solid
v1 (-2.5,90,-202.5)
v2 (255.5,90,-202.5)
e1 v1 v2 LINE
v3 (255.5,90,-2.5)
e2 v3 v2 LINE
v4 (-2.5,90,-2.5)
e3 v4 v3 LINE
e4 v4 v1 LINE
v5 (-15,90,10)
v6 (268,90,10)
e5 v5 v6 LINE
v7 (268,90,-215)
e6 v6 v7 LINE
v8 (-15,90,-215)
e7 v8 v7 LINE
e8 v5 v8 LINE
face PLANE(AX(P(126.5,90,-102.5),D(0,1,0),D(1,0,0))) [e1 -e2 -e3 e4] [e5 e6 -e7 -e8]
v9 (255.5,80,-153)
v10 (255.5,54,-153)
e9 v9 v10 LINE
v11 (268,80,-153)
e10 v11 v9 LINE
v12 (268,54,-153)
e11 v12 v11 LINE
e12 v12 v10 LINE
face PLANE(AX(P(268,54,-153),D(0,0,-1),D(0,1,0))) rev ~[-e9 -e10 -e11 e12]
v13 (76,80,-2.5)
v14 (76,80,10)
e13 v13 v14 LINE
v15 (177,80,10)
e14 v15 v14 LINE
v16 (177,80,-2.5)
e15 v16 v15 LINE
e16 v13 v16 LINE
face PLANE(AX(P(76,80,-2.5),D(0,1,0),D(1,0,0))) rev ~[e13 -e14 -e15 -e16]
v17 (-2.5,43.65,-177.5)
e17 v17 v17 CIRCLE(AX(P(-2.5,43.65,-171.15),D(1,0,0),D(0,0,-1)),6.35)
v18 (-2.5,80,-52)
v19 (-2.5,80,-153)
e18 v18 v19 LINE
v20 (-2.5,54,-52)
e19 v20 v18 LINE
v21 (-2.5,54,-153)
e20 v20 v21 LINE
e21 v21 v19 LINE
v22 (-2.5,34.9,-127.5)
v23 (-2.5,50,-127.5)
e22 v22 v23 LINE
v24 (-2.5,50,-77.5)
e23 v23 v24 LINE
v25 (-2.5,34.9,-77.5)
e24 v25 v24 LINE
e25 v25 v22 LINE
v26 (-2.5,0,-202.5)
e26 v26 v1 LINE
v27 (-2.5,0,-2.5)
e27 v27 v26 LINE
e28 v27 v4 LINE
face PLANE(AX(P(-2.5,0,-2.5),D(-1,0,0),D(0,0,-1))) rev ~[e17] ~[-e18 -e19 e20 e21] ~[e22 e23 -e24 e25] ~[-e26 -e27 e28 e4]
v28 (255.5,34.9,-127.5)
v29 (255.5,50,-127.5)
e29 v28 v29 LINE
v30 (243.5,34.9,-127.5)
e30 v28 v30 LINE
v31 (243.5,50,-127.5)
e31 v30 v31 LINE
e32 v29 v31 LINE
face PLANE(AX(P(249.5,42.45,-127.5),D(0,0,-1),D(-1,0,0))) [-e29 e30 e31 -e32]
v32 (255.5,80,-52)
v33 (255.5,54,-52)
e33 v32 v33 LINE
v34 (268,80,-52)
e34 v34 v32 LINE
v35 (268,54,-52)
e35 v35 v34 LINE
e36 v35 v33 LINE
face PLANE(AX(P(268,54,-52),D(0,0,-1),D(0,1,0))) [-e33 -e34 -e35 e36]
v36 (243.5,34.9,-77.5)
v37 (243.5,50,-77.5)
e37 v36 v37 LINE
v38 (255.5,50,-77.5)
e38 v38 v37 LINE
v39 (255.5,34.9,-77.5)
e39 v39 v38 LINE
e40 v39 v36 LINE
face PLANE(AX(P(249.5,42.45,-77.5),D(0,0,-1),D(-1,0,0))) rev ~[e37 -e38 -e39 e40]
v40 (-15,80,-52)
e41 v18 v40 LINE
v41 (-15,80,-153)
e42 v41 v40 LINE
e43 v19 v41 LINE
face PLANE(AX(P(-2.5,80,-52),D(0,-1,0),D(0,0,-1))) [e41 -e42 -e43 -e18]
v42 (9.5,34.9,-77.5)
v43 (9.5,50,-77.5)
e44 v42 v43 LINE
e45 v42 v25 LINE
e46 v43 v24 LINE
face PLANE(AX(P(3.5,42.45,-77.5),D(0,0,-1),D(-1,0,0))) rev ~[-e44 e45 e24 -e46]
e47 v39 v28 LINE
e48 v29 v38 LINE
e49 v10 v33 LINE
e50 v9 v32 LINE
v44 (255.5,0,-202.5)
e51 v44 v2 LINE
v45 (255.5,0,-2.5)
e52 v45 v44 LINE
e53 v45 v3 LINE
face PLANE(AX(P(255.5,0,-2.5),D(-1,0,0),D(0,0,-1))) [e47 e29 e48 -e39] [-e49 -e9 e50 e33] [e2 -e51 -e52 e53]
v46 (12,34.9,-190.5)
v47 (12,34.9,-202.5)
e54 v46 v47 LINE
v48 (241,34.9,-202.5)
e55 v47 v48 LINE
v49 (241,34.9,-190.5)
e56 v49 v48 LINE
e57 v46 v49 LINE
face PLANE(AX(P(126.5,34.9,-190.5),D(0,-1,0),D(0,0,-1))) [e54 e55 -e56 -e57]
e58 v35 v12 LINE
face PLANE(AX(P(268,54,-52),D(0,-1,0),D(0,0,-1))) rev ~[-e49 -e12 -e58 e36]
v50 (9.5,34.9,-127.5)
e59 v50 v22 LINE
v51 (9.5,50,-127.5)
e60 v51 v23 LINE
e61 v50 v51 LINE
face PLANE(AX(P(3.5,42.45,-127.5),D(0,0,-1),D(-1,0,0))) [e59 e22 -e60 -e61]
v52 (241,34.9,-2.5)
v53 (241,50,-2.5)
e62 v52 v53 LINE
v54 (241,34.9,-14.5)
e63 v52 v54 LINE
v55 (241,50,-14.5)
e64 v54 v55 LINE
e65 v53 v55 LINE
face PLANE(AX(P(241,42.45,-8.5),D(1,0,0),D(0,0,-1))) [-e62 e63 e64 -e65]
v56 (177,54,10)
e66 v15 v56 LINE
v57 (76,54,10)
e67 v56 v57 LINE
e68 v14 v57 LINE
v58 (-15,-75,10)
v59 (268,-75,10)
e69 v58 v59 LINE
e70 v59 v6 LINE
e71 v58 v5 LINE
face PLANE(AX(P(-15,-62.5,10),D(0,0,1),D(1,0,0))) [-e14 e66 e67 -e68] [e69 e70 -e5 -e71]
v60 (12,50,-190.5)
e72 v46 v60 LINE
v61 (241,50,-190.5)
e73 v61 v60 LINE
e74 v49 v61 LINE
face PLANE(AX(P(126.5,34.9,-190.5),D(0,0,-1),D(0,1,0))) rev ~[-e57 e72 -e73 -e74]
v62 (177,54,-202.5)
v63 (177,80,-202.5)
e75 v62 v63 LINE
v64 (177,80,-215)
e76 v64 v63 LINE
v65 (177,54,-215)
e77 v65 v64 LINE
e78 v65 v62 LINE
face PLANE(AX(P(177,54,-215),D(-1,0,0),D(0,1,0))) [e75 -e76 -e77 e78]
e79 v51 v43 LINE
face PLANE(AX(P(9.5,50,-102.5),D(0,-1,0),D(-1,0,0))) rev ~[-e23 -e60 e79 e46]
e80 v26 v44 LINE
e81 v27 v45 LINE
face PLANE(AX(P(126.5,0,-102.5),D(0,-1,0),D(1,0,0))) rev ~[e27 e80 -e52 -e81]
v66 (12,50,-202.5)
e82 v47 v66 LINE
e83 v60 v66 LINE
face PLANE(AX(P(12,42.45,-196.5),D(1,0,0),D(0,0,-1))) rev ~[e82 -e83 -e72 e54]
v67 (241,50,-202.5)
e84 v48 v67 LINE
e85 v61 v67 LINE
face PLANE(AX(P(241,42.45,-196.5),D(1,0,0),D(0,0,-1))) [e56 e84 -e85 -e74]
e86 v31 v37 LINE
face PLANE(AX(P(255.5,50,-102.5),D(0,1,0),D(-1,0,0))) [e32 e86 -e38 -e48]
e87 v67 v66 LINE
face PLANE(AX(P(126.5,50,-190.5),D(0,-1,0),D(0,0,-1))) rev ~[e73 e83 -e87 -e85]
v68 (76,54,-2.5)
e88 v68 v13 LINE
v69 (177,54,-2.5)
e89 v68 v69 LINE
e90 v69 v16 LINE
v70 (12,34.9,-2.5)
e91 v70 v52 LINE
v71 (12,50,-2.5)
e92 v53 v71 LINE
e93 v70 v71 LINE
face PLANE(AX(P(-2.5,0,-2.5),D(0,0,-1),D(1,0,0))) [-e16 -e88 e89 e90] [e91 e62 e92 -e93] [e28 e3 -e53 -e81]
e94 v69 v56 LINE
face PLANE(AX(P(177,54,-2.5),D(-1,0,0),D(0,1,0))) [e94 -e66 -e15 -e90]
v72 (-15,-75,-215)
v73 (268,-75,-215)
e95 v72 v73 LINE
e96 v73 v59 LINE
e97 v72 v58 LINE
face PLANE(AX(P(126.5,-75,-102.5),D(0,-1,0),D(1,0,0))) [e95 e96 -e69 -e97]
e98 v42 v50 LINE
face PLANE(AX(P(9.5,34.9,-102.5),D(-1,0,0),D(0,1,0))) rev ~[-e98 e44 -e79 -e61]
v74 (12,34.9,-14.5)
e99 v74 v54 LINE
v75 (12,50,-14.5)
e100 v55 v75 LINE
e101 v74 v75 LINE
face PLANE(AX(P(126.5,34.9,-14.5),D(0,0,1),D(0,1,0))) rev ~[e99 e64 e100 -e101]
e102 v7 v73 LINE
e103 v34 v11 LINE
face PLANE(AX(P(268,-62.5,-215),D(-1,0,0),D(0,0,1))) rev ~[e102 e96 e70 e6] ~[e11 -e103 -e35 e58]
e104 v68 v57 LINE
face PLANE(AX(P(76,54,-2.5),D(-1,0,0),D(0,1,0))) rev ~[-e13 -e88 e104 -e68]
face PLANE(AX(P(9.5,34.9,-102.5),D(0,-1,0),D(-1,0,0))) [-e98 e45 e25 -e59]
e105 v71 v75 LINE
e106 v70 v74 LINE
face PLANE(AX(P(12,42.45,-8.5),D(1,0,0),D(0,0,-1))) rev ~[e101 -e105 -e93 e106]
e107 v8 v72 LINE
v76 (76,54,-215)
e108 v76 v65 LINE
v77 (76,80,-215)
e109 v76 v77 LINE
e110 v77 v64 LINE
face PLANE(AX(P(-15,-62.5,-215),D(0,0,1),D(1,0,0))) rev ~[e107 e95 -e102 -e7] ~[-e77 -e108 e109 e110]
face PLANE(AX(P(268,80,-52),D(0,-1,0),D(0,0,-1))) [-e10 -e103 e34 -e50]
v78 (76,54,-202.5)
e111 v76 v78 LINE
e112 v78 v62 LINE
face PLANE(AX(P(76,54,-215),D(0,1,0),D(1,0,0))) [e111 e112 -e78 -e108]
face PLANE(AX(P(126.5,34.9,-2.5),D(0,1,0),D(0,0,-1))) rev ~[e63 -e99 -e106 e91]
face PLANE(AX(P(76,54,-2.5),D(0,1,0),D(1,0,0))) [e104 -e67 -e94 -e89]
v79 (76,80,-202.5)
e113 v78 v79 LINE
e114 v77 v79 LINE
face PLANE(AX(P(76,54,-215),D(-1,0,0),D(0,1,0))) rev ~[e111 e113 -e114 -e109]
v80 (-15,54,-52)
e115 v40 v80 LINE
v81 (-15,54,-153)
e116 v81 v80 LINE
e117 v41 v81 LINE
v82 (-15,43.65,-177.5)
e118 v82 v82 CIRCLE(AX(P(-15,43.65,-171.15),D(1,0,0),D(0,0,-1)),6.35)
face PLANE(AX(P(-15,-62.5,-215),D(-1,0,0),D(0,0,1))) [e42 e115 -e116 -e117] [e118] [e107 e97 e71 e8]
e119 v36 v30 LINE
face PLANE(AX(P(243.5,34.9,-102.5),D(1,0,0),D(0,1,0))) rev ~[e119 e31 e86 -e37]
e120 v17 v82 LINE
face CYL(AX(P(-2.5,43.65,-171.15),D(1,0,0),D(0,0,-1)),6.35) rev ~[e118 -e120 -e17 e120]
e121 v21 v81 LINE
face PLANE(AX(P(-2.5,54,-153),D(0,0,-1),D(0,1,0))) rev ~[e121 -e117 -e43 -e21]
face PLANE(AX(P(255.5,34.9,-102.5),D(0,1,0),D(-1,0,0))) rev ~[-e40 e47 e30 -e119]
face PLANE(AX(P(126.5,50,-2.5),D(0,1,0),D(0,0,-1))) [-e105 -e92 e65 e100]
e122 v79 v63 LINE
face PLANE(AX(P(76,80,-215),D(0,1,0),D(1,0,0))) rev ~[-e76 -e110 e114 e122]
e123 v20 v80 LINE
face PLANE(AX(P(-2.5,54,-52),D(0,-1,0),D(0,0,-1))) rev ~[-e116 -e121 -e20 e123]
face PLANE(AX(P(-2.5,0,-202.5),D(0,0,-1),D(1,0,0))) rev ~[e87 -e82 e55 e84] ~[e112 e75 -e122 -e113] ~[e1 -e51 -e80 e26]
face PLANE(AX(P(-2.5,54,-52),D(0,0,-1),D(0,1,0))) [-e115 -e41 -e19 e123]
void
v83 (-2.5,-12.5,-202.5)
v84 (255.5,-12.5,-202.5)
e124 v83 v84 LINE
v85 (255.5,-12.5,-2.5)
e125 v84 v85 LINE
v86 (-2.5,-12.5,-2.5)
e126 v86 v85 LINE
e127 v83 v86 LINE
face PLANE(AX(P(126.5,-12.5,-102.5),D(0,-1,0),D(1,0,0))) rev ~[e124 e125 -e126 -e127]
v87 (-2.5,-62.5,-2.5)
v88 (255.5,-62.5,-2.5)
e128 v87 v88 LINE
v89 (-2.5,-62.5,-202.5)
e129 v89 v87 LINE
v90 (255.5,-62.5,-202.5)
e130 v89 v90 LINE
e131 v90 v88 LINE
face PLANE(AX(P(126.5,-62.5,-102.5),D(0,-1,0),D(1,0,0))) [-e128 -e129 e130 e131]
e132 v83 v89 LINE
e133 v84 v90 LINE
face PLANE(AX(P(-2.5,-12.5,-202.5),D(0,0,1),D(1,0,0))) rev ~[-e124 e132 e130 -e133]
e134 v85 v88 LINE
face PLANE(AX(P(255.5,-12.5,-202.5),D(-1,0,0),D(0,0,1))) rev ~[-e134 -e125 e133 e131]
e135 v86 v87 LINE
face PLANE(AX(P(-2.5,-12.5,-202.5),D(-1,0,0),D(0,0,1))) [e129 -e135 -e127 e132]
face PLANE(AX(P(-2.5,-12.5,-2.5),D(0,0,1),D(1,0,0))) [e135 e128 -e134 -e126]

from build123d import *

# Parameters (mm, degrees)
SKETCH1_W                         = 283
SKETCH1_H                         = 225
SKETCH1_W_2                       = 258
SKETCH1_H_2                       = 200
WALLS_DEPTH                       = 90
SKETCH3_W                         = 283
SKETCH3_H                         = 225
BASE_DEPTH                        = 12.5
SKETCH4_W                         = 12
SKETCH4_H                         = 15.1
LONG_SUPPORT_DEPTH                = 114.5
SKETCH5_W                         = 12
SKETCH5_H                         = 15.1
SHORT_SUPPORT_DEPTH               = 25
RESERVOIR_OUTFLOW_TUBE_HOLE_REACH = 359.065
SKETCH6_R                         = 6.35
SKETCH7_W                         = 101
SKETCH7_H                         = 26
CONNECTOR_PORT_SHORTSIDE_DEPTH    = 283
LPATTERN1_COUNT                   = 2
LPATTERN1_PITCH                   = 270.5
SKETCH8_W                         = 101
SKETCH8_H                         = 26
CONNECTOR_PORT_LONGSIDE_DEPTH     = 225
LPATTERN2_COUNT                   = 2
LPATTERN2_PITCH                   = 212.5
SKETCH9_W                         = 283
SKETCH9_H                         = 225
SKETCH9_W_2                       = 258
SKETCH9_H_2                       = 200
LOWER_WATER_JACKET_WALLS_DEPTH    = 50
SKETCH11_W                        = 283
SKETCH11_H                        = 225
LOWER_WATER_JACKET_BOTTOM_DEPTH   = 12.5


with BuildPart() as part:
    # Sketch1 → Walls (new body)
    with BuildSketch(Plane(origin=(0, 0, 0), x_dir=(1, 0, 0), z_dir=(0, 1, 0))):
        with Locations((126.5, 102.5)):
            Rectangle(SKETCH1_W, SKETCH1_H)
        with Locations((126.5, 102.5)):
            Rectangle(SKETCH1_W_2, SKETCH1_H_2, mode=Mode.SUBTRACT)
    extrude(amount=WALLS_DEPTH)

    # Sketch3 → Base (add)
    with BuildSketch(Plane.XZ):
        with Locations((126.5, -102.5)):
            Rectangle(SKETCH3_W, SKETCH3_H)
    extrude(amount=BASE_DEPTH)

    # Sketch4 → Long_Support (add, symmetric)
    with BuildSketch(Plane(origin=(126.5, 0, 0), x_dir=(0, 0, -1), z_dir=(1, 0, 0))):
        with Locations((8.5, 42.45)):
            Rectangle(SKETCH4_W, SKETCH4_H)
        with Locations((196.5, 42.45)):
            Rectangle(SKETCH4_W, SKETCH4_H)
    extrude(amount=LONG_SUPPORT_DEPTH, both=True)

    # Sketch5 → Short_Support (add, symmetric)
    with BuildSketch(Plane(origin=(0, 0, -102.5), x_dir=(-1, 0, 0), z_dir=(0, 0, -1))):
        with Locations((-249.5, 42.45)):
            Rectangle(SKETCH5_W, SKETCH5_H)
        with Locations((-3.5, 42.45)):
            Rectangle(SKETCH5_W, SKETCH5_H)
    extrude(amount=SHORT_SUPPORT_DEPTH, both=True)

    # Sketch6 → Reservoir_Outflow_Tube_Hole (cut, up to next)
    with BuildSketch(Plane(origin=(-2.5, 0, 0), x_dir=(0, 0, -1), z_dir=(1, 0, 0)), mode=Mode.PRIVATE) as reservoir_outflow_tube_hole_sk1:
        with Locations((171.15, 43.65)):
            Circle(SKETCH6_R)
    reservoir_outflow_tube_hole_tool1 = extrude(reservoir_outflow_tube_hole_sk1.sketch, amount=-RESERVOIR_OUTFLOW_TUBE_HOLE_REACH, mode=Mode.PRIVATE) & part.part
    add(reservoir_outflow_tube_hole_tool1.solids().sort_by_distance((-2.5, 43.65, -171.15))[0], mode=Mode.SUBTRACT)

    # Sketch7 → Connector_Port_ShortSide (cut)
    with BuildSketch(Plane(origin=(-2.5, 0, 0), x_dir=(0, 0, -1), z_dir=(1, 0, 0))):
        with Locations((102.5, 67)):
            Rectangle(SKETCH7_W, SKETCH7_H)
    connector_port_shortside = extrude(amount=-CONNECTOR_PORT_SHORTSIDE_DEPTH, mode=Mode.SUBTRACT)

    # LPattern1: Connector_Port_ShortSide ×2
    with Locations(*[(i * LPATTERN1_PITCH, 0, 0) for i in range(1, LPATTERN1_COUNT)]):
        add(connector_port_shortside, mode=Mode.SUBTRACT)

    # Sketch8 → Connector_Port_LongSide (cut)
    with BuildSketch(Plane.XY.offset(-2.5)):
        with Locations((126.5, 67)):
            Rectangle(SKETCH8_W, SKETCH8_H)
    connector_port_longside = extrude(amount=CONNECTOR_PORT_LONGSIDE_DEPTH, mode=Mode.SUBTRACT)

    # LPattern2: Connector_Port_LongSide ×2
    with Locations(*[(0, 0, -i * LPATTERN2_PITCH) for i in range(1, LPATTERN2_COUNT)]):
        add(connector_port_longside, mode=Mode.SUBTRACT)

    # Sketch9 → Lower_Water_Jacket_Walls (add)
    with BuildSketch(Plane.XZ.offset(12.5)):
        with Locations((126.5, -102.5)):
            Rectangle(SKETCH9_W, SKETCH9_H)
        with Locations((126.5, -102.5)):
            Rectangle(SKETCH9_W_2, SKETCH9_H_2, mode=Mode.SUBTRACT)
    extrude(amount=LOWER_WATER_JACKET_WALLS_DEPTH)

    # Sketch11 → Lower_Water_Jacket_Bottom (add)
    with BuildSketch(Plane.XZ.offset(62.5)):
        with Locations((126.5, -102.5)):
            Rectangle(SKETCH11_W, SKETCH11_H)
    extrude(amount=LOWER_WATER_JACKET_BOTTOM_DEPTH)


solid = part.part
